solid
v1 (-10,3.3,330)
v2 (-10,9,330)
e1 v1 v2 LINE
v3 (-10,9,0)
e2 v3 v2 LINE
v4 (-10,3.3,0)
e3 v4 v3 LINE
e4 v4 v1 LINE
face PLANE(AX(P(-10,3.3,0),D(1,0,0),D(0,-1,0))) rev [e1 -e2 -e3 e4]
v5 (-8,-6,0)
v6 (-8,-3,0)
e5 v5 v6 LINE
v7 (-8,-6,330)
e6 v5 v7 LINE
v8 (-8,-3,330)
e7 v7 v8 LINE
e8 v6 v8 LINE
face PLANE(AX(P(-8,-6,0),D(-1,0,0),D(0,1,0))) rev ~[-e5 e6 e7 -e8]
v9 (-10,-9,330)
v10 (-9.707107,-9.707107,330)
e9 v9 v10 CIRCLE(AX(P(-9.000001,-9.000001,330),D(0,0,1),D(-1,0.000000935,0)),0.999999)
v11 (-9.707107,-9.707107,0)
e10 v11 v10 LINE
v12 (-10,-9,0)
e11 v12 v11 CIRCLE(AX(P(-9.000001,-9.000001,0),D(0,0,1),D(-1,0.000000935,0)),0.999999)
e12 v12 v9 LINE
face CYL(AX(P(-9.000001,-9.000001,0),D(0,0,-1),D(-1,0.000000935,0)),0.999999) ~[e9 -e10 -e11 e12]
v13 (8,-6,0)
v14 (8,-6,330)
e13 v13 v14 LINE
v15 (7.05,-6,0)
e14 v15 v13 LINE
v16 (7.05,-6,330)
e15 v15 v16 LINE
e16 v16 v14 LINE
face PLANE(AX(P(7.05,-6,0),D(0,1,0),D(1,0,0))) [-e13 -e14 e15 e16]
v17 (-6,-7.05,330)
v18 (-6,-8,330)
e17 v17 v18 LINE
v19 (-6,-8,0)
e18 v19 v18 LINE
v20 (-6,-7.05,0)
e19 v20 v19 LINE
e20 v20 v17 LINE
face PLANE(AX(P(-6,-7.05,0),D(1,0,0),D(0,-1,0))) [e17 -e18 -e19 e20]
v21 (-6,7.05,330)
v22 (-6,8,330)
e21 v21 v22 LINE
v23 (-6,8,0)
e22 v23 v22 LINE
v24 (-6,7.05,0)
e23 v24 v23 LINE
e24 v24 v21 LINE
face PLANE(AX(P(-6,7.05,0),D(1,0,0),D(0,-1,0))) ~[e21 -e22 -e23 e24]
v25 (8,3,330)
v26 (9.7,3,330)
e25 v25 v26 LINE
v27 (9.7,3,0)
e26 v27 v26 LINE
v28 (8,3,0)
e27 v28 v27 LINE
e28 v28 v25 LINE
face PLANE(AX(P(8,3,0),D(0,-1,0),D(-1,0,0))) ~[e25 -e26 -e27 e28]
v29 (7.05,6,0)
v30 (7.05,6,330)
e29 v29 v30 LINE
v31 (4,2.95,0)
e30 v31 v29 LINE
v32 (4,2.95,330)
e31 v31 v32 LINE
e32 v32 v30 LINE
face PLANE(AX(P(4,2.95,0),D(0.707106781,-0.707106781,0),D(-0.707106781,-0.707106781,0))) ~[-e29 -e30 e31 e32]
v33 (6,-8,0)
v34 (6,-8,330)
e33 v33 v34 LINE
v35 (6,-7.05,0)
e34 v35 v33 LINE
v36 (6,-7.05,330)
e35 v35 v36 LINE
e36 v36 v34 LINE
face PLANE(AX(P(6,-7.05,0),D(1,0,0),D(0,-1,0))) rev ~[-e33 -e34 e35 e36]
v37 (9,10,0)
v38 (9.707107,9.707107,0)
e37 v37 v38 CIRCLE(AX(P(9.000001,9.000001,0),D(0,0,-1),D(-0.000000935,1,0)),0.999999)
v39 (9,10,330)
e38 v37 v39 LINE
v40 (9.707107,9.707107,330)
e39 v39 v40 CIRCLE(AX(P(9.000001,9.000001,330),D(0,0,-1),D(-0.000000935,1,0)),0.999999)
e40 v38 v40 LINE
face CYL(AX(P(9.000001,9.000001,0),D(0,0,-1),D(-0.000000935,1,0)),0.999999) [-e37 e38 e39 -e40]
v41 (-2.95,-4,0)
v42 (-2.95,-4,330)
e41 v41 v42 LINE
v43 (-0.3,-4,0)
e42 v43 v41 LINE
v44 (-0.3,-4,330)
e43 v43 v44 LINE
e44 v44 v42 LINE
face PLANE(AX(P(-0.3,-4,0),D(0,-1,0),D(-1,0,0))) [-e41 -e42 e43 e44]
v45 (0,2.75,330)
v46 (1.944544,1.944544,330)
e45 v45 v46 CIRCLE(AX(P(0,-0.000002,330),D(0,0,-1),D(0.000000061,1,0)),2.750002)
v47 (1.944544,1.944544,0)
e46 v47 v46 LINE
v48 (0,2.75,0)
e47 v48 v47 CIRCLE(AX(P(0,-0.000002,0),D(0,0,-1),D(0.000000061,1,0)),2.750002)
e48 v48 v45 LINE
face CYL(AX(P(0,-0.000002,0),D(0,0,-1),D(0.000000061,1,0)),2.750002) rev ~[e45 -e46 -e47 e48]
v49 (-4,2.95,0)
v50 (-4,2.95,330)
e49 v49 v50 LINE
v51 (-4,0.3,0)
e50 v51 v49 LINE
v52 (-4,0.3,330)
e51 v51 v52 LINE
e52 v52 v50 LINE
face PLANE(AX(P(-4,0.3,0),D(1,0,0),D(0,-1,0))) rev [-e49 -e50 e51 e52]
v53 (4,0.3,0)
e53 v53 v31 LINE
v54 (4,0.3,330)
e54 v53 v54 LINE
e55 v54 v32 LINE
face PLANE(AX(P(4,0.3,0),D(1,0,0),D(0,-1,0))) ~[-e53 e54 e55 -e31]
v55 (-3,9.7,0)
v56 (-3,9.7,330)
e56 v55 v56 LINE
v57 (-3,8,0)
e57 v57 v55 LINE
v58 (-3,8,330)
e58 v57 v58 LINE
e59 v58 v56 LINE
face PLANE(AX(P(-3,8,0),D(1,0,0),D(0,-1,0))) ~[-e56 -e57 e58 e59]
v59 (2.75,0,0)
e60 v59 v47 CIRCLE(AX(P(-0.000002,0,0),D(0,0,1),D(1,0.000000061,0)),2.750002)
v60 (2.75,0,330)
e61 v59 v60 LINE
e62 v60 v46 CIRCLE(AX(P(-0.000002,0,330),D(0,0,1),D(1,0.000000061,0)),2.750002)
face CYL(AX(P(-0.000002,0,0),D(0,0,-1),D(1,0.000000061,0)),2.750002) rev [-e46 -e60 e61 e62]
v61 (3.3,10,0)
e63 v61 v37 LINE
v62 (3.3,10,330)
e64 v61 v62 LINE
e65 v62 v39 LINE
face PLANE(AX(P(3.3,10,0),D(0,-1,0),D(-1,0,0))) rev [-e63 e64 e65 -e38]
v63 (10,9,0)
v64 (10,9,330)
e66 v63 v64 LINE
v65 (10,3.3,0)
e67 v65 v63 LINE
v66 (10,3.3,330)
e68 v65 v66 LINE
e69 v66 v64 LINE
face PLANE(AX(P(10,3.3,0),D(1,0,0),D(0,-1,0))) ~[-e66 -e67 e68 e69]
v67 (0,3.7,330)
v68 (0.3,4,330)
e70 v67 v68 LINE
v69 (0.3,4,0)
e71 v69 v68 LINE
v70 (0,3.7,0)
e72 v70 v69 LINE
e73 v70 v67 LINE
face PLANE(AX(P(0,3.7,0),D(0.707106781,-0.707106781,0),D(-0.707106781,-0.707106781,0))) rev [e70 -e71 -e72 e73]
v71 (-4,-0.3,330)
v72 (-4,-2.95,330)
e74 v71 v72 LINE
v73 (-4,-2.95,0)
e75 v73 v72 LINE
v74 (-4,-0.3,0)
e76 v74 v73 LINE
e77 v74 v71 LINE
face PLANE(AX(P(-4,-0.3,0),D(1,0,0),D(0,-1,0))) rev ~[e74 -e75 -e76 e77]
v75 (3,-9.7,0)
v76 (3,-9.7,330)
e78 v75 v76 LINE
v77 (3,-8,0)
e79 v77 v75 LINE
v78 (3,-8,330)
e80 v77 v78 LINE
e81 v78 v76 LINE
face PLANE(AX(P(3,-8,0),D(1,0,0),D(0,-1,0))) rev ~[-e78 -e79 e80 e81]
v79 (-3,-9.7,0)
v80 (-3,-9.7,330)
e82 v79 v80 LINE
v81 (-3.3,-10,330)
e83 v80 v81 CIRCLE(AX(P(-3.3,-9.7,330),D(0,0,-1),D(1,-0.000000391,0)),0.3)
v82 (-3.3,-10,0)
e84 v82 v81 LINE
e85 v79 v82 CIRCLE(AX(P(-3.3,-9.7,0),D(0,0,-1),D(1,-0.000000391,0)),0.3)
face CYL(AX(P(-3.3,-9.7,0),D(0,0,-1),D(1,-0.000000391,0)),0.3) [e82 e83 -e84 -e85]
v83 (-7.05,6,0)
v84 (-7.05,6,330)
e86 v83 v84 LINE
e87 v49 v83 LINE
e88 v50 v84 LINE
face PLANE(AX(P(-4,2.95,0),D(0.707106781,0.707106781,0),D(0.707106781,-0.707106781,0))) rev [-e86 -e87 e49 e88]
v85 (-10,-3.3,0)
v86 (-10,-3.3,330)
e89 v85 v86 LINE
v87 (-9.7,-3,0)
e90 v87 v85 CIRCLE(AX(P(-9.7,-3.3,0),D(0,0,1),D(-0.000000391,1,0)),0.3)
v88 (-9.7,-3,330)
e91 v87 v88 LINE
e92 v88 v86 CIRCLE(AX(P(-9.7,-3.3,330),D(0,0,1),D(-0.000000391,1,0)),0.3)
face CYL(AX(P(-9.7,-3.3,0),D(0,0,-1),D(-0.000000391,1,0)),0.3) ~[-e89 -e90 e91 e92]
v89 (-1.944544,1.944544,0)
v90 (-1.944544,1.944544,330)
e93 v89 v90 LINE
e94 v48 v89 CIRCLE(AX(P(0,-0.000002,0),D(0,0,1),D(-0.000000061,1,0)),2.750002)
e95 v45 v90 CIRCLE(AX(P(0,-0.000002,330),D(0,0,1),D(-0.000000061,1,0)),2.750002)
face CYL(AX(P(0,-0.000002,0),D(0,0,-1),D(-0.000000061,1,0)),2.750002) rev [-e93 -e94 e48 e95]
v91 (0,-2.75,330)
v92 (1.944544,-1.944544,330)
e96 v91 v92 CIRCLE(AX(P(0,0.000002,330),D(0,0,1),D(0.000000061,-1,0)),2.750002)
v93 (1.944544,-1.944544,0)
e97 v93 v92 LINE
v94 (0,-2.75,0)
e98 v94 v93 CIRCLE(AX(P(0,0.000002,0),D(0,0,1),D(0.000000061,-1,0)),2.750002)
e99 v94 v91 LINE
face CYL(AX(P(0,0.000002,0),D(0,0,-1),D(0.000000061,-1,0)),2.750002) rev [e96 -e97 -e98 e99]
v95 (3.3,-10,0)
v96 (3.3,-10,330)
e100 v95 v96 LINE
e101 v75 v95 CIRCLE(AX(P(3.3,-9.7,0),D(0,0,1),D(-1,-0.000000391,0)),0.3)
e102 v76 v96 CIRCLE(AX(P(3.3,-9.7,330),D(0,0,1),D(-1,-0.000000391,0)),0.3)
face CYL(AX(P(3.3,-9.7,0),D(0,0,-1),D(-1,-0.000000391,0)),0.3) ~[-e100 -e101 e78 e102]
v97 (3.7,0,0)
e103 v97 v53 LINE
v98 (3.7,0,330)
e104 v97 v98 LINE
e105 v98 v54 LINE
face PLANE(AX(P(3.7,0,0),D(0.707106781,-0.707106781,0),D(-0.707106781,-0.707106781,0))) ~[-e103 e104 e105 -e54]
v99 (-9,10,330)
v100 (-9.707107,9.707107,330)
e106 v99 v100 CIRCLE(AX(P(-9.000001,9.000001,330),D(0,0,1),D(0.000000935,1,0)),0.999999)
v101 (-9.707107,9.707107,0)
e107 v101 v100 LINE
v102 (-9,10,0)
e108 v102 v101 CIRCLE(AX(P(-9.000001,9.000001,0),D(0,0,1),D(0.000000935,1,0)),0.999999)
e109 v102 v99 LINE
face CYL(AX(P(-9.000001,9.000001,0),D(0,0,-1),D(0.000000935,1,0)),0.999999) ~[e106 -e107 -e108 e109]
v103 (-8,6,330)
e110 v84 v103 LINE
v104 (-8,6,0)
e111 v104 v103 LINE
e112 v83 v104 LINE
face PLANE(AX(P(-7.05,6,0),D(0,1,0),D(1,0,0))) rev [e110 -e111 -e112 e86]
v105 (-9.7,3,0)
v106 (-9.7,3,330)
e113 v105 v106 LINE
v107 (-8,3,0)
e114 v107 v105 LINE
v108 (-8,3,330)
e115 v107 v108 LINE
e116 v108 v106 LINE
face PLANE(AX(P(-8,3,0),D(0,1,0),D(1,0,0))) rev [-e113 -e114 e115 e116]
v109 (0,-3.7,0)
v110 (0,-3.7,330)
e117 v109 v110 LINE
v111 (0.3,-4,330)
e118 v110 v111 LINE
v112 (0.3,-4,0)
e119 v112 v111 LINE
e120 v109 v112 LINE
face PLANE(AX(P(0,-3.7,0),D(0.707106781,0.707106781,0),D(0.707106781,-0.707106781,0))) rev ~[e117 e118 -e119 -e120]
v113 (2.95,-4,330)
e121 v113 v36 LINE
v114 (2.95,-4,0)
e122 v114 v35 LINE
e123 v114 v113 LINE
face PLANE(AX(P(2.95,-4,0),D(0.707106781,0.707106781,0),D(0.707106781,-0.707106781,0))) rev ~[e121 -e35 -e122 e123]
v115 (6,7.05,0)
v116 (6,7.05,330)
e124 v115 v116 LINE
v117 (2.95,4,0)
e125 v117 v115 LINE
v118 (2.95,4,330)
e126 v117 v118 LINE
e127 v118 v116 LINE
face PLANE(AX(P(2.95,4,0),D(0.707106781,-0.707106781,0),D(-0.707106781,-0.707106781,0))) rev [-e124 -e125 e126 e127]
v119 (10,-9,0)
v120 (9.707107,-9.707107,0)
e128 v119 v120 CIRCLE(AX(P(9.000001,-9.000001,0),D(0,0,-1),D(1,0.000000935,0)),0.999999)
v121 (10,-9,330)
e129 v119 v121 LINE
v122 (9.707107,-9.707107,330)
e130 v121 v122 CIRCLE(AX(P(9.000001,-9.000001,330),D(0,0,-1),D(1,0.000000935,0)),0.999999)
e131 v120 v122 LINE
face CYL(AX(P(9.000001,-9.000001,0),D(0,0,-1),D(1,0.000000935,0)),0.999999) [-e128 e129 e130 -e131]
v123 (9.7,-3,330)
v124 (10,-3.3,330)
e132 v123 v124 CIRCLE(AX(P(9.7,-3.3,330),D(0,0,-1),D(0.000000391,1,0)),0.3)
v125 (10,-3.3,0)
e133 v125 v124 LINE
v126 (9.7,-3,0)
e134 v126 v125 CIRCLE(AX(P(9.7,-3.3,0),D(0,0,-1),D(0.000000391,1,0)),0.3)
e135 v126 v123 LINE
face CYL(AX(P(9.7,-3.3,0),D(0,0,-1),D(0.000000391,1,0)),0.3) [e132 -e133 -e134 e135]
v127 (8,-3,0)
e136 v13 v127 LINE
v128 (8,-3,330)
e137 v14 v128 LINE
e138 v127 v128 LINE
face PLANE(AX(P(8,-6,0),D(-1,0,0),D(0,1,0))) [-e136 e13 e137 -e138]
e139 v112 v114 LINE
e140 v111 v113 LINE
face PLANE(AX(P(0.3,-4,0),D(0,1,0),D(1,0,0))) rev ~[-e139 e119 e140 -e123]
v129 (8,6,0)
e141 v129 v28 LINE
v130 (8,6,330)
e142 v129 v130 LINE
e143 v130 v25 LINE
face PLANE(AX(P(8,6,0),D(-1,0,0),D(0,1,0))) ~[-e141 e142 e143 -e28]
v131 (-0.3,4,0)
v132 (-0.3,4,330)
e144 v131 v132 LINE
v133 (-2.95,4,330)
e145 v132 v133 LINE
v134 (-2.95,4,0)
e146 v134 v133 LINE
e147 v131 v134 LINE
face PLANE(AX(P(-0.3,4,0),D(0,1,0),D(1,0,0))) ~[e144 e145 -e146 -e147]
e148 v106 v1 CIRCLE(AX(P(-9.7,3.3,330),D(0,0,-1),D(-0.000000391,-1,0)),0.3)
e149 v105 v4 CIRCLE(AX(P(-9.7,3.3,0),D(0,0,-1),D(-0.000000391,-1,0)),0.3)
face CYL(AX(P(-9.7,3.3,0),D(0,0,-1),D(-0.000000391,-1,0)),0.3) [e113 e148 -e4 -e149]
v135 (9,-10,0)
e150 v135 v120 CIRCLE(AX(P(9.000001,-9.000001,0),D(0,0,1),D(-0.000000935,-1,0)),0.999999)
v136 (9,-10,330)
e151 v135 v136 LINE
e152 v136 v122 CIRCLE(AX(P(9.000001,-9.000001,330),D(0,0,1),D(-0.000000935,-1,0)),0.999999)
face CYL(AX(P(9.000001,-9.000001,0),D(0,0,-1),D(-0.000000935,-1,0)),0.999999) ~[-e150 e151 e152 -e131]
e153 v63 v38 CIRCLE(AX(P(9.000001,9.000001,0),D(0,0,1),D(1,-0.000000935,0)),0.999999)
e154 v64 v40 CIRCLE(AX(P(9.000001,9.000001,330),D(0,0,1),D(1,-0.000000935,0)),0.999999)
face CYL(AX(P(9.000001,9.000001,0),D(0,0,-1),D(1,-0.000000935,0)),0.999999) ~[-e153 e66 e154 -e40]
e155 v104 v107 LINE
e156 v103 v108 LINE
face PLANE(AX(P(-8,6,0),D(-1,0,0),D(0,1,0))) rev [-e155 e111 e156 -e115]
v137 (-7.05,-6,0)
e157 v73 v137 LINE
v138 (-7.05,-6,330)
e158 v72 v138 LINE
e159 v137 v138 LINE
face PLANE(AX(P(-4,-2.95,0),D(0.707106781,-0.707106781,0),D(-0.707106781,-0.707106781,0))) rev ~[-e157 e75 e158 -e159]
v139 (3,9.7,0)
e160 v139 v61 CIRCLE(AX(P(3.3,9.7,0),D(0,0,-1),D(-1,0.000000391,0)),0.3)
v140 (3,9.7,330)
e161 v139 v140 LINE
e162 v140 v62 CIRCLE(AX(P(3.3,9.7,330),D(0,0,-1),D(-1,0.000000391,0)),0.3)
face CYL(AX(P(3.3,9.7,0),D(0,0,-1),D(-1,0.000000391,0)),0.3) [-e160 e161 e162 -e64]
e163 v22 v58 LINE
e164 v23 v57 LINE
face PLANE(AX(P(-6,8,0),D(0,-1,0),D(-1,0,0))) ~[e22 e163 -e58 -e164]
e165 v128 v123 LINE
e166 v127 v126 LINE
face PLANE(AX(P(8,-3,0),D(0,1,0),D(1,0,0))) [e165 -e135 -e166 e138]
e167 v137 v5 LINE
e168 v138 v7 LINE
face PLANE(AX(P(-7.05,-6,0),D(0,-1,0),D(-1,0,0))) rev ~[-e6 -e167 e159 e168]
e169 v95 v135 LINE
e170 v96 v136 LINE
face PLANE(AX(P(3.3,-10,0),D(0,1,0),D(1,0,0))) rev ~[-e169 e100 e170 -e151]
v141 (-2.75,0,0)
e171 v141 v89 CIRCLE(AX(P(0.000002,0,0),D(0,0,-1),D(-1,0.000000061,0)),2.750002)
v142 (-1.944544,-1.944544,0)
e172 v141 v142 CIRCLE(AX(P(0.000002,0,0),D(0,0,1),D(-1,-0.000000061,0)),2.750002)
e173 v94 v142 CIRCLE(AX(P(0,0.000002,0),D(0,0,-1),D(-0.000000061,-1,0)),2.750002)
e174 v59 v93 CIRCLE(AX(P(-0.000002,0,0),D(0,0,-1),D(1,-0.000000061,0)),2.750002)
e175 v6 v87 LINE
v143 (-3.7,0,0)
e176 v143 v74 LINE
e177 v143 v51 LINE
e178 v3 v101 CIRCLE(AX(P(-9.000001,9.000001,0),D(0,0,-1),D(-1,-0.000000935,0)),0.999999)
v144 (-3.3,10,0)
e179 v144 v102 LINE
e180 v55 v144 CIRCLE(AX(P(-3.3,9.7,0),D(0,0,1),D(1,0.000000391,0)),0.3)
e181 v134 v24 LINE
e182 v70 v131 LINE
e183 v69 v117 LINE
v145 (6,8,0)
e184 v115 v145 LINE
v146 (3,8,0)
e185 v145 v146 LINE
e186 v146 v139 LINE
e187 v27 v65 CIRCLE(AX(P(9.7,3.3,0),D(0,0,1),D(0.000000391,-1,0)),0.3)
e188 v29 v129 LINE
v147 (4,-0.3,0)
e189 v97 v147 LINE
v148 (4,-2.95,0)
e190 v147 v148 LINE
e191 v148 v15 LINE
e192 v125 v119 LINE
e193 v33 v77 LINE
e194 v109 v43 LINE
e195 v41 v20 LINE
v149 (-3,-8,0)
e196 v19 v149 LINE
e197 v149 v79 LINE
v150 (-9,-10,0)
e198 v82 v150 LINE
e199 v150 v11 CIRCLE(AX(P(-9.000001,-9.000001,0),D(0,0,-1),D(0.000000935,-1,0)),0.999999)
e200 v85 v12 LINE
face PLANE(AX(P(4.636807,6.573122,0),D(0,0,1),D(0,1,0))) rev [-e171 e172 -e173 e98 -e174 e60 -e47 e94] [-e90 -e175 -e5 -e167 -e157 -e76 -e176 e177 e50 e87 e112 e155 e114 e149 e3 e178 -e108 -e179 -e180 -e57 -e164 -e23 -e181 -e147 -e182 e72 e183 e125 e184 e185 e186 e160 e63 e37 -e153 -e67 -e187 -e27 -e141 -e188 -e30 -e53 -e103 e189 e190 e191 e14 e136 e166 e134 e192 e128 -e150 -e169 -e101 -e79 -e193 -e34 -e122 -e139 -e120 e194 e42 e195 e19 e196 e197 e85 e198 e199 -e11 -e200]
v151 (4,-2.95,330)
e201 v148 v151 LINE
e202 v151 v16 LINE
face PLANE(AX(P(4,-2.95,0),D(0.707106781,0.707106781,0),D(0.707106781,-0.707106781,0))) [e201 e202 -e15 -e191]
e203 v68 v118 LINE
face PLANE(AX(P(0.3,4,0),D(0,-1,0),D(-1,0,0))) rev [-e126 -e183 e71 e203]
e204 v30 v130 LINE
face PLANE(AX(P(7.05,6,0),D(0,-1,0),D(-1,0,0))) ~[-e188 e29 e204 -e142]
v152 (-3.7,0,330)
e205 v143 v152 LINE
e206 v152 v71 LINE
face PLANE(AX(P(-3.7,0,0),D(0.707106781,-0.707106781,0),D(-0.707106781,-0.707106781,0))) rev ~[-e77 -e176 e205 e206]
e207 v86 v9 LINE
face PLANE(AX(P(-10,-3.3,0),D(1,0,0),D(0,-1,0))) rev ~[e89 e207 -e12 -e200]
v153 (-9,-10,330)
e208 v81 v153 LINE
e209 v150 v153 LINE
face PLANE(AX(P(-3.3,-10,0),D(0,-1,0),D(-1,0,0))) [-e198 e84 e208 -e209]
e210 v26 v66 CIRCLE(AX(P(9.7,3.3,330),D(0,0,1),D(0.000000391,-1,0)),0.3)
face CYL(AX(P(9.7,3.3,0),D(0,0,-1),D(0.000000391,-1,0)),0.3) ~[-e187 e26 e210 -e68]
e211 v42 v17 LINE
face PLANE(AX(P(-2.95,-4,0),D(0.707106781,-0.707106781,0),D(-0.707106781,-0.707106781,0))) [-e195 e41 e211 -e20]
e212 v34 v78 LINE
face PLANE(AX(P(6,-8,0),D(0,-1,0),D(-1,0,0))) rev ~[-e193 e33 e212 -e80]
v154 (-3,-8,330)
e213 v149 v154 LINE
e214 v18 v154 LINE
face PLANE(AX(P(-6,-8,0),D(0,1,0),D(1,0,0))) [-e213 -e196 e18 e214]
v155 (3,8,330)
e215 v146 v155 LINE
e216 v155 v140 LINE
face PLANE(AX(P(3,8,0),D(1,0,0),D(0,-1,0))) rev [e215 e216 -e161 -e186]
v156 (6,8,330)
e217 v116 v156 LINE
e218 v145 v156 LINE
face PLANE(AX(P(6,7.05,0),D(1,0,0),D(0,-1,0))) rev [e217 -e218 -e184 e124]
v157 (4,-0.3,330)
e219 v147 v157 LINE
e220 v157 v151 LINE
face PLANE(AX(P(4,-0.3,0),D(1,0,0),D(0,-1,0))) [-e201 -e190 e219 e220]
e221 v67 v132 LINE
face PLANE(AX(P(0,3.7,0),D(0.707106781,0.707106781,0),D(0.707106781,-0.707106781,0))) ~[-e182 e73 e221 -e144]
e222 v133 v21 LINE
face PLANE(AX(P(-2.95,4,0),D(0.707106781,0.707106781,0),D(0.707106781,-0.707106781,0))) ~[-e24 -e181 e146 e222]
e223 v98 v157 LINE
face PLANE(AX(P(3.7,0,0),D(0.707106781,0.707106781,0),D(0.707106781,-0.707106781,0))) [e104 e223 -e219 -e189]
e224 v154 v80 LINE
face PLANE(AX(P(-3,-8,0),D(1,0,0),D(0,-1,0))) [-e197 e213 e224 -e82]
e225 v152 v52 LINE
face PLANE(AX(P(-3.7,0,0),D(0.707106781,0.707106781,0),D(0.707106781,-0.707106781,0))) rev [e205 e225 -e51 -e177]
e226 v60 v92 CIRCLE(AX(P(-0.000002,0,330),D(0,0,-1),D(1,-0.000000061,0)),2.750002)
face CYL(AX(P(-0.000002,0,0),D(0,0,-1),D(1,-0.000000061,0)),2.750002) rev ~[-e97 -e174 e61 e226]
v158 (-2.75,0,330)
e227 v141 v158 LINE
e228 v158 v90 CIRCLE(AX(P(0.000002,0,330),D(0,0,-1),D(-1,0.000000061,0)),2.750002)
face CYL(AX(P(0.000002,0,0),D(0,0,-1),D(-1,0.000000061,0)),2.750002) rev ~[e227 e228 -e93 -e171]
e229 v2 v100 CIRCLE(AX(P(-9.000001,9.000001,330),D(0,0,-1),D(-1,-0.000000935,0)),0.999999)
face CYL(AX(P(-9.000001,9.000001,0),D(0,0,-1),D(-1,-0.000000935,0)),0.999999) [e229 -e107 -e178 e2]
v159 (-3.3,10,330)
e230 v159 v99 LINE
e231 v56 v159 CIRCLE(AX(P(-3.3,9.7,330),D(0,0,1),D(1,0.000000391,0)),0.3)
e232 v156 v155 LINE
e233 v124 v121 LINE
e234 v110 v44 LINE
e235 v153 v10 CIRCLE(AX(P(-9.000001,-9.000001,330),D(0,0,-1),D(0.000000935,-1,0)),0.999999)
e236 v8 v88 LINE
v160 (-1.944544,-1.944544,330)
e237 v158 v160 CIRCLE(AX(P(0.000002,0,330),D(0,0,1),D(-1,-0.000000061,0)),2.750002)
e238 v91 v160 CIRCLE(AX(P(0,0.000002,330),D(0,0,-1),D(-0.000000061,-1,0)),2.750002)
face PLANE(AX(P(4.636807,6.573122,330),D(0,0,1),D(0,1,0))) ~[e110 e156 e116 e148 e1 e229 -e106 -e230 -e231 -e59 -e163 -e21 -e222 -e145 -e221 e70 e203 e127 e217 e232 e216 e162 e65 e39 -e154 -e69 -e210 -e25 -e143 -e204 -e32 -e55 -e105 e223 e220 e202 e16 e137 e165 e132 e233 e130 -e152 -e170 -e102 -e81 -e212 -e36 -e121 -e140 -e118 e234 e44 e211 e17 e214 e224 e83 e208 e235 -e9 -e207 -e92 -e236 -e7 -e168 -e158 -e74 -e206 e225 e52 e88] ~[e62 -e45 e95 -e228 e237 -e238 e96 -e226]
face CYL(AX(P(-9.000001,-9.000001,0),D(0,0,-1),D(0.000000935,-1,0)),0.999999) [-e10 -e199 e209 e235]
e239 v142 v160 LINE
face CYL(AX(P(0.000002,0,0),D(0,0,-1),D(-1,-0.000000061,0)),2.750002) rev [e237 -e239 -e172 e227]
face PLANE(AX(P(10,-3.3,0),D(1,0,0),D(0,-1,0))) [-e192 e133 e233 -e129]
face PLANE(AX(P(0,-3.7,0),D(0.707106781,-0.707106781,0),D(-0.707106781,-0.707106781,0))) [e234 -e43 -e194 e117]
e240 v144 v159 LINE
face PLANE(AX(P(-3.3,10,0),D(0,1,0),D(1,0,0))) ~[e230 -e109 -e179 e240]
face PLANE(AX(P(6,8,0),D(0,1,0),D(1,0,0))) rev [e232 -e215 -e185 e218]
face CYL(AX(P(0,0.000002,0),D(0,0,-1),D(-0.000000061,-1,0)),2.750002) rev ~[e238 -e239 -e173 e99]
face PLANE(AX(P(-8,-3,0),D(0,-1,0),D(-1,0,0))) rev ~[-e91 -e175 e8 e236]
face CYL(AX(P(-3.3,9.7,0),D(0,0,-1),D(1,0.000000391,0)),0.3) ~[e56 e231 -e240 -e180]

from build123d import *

# Parameters (mm, degrees)
PAD_DEPTH                          = 330
PAD_MIRRORED_2_DEPTH               = 330
PAD_MIRRORED001_2_DEPTH            = 330
PAD_MIRRORED_2_MIRRORED001_2_DEPTH = 330


with BuildPart() as part:
    # Sketch → Pad (new body)
    with BuildSketch(Plane.XY):
        with BuildLine():
            Line((-3.7, 0), (-4, -0.3))
            Line((-4, -0.3), (-4, -2.95))
            Line((-4, -2.95), (-7.05, -6))
            Line((-7.05, -6), (-8, -6))
            Line((-8, -6), (-8, -3))
            Line((-8, -3), (-9.7, -3))
            ThreePointArc((-9.7, -3), (-9.912132, -3.087868), (-10, -3.3))
            Line((-10, -3.3), (-10, -9))
            ThreePointArc((-10, -9), (-9.92388, -9.382683), (-9.707107, -9.707107))
            Line((-1.944544, -1.944544), (-9.707107, -9.707107))
            ThreePointArc((-2.75, 0), (-2.540669, -1.052379), (-1.944544, -1.944544))
            Line((-3.7, 0), (-2.75, 0))
        make_face()
    pad = extrude(amount=PAD_DEPTH)

    # Sketch Mirrored 2 → Pad Mirrored 2 (add)
    with BuildSketch(Plane.YX):
        with BuildLine():
            Line((-3.7, 0), (-4, -0.3))
            Line((-4, -0.3), (-4, -2.95))
            Line((-4, -2.95), (-7.05, -6))
            Line((-7.05, -6), (-8, -6))
            Line((-8, -6), (-8, -3))
            Line((-8, -3), (-9.7, -3))
            ThreePointArc((-9.7, -3), (-9.912132, -3.087868), (-10, -3.3))
            Line((-10, -3.3), (-10, -9))
            ThreePointArc((-10, -9), (-9.92388, -9.382683), (-9.707107, -9.707107))
            Line((-1.944544, -1.944544), (-9.707107, -9.707107))
            ThreePointArc((-2.75, 0), (-2.540669, -1.052379), (-1.944544, -1.944544))
            Line((-3.7, 0), (-2.75, 0))
        make_face()
    pad_mirrored_2 = extrude(amount=-PAD_MIRRORED_2_DEPTH)

    # Sketch Mirrored001 2 → Pad Mirrored001 2 (add)
    with BuildSketch(Plane(origin=(0, 0, 0), x_dir=(-1, 0, 0), z_dir=(0, 0, -1))):
        with BuildLine():
            Line((-3.7, 0), (-4, -0.3))
            Line((-4, -0.3), (-4, -2.95))
            Line((-4, -2.95), (-7.05, -6))
            Line((-7.05, -6), (-8, -6))
            Line((-8, -6), (-8, -3))
            Line((-8, -3), (-9.7, -3))
            ThreePointArc((-9.7, -3), (-9.912132, -3.087868), (-10, -3.3))
            Line((-10, -3.3), (-10, -9))
            ThreePointArc((-10, -9), (-9.92388, -9.382683), (-9.707107, -9.707107))
            Line((-1.944544, -1.944544), (-9.707107, -9.707107))
            ThreePointArc((-2.75, 0), (-2.540669, -1.052379), (-1.944544, -1.944544))
            Line((-3.7, 0), (-2.75, 0))
        make_face()
    pad_mirrored001_2 = extrude(amount=-PAD_MIRRORED001_2_DEPTH)

    # Sketch Mirrored 2 Mirrored001 2 → Pad Mirrored 2 Mirrored001 2 (add)
    with BuildSketch(Plane(origin=(0, 0, 0), x_dir=(0, 1, 0), z_dir=(0, 0, 1))):
        with BuildLine():
            Line((-3.7, 0), (-4, -0.3))
            Line((-4, -0.3), (-4, -2.95))
            Line((-4, -2.95), (-7.05, -6))
            Line((-7.05, -6), (-8, -6))
            Line((-8, -6), (-8, -3))
            Line((-8, -3), (-9.7, -3))
            ThreePointArc((-9.7, -3), (-9.912132, -3.087868), (-10, -3.3))
            Line((-10, -3.3), (-10, -9))
            ThreePointArc((-10, -9), (-9.92388, -9.382683), (-9.707107, -9.707107))
            Line((-1.944544, -1.944544), (-9.707107, -9.707107))
            ThreePointArc((-2.75, 0), (-2.540669, -1.052379), (-1.944544, -1.944544))
            Line((-3.7, 0), (-2.75, 0))
        make_face()
    pad_mirrored_2_mirrored001_2 = extrude(amount=PAD_MIRRORED_2_MIRRORED001_2_DEPTH)

    # Mirrored002: Pad, Pad Mirrored 2, Pad Mirrored001 2, Pad Mirrored 2 Mirrored001 2 across Sketch H_Axis
    add(pad.mirror(Plane.ZX))
    add(pad_mirrored_2.mirror(Plane.ZX))
    add(pad_mirrored001_2.mirror(Plane.ZX))
    add(pad_mirrored_2_mirrored001_2.mirror(Plane.ZX))


solid = part.part
